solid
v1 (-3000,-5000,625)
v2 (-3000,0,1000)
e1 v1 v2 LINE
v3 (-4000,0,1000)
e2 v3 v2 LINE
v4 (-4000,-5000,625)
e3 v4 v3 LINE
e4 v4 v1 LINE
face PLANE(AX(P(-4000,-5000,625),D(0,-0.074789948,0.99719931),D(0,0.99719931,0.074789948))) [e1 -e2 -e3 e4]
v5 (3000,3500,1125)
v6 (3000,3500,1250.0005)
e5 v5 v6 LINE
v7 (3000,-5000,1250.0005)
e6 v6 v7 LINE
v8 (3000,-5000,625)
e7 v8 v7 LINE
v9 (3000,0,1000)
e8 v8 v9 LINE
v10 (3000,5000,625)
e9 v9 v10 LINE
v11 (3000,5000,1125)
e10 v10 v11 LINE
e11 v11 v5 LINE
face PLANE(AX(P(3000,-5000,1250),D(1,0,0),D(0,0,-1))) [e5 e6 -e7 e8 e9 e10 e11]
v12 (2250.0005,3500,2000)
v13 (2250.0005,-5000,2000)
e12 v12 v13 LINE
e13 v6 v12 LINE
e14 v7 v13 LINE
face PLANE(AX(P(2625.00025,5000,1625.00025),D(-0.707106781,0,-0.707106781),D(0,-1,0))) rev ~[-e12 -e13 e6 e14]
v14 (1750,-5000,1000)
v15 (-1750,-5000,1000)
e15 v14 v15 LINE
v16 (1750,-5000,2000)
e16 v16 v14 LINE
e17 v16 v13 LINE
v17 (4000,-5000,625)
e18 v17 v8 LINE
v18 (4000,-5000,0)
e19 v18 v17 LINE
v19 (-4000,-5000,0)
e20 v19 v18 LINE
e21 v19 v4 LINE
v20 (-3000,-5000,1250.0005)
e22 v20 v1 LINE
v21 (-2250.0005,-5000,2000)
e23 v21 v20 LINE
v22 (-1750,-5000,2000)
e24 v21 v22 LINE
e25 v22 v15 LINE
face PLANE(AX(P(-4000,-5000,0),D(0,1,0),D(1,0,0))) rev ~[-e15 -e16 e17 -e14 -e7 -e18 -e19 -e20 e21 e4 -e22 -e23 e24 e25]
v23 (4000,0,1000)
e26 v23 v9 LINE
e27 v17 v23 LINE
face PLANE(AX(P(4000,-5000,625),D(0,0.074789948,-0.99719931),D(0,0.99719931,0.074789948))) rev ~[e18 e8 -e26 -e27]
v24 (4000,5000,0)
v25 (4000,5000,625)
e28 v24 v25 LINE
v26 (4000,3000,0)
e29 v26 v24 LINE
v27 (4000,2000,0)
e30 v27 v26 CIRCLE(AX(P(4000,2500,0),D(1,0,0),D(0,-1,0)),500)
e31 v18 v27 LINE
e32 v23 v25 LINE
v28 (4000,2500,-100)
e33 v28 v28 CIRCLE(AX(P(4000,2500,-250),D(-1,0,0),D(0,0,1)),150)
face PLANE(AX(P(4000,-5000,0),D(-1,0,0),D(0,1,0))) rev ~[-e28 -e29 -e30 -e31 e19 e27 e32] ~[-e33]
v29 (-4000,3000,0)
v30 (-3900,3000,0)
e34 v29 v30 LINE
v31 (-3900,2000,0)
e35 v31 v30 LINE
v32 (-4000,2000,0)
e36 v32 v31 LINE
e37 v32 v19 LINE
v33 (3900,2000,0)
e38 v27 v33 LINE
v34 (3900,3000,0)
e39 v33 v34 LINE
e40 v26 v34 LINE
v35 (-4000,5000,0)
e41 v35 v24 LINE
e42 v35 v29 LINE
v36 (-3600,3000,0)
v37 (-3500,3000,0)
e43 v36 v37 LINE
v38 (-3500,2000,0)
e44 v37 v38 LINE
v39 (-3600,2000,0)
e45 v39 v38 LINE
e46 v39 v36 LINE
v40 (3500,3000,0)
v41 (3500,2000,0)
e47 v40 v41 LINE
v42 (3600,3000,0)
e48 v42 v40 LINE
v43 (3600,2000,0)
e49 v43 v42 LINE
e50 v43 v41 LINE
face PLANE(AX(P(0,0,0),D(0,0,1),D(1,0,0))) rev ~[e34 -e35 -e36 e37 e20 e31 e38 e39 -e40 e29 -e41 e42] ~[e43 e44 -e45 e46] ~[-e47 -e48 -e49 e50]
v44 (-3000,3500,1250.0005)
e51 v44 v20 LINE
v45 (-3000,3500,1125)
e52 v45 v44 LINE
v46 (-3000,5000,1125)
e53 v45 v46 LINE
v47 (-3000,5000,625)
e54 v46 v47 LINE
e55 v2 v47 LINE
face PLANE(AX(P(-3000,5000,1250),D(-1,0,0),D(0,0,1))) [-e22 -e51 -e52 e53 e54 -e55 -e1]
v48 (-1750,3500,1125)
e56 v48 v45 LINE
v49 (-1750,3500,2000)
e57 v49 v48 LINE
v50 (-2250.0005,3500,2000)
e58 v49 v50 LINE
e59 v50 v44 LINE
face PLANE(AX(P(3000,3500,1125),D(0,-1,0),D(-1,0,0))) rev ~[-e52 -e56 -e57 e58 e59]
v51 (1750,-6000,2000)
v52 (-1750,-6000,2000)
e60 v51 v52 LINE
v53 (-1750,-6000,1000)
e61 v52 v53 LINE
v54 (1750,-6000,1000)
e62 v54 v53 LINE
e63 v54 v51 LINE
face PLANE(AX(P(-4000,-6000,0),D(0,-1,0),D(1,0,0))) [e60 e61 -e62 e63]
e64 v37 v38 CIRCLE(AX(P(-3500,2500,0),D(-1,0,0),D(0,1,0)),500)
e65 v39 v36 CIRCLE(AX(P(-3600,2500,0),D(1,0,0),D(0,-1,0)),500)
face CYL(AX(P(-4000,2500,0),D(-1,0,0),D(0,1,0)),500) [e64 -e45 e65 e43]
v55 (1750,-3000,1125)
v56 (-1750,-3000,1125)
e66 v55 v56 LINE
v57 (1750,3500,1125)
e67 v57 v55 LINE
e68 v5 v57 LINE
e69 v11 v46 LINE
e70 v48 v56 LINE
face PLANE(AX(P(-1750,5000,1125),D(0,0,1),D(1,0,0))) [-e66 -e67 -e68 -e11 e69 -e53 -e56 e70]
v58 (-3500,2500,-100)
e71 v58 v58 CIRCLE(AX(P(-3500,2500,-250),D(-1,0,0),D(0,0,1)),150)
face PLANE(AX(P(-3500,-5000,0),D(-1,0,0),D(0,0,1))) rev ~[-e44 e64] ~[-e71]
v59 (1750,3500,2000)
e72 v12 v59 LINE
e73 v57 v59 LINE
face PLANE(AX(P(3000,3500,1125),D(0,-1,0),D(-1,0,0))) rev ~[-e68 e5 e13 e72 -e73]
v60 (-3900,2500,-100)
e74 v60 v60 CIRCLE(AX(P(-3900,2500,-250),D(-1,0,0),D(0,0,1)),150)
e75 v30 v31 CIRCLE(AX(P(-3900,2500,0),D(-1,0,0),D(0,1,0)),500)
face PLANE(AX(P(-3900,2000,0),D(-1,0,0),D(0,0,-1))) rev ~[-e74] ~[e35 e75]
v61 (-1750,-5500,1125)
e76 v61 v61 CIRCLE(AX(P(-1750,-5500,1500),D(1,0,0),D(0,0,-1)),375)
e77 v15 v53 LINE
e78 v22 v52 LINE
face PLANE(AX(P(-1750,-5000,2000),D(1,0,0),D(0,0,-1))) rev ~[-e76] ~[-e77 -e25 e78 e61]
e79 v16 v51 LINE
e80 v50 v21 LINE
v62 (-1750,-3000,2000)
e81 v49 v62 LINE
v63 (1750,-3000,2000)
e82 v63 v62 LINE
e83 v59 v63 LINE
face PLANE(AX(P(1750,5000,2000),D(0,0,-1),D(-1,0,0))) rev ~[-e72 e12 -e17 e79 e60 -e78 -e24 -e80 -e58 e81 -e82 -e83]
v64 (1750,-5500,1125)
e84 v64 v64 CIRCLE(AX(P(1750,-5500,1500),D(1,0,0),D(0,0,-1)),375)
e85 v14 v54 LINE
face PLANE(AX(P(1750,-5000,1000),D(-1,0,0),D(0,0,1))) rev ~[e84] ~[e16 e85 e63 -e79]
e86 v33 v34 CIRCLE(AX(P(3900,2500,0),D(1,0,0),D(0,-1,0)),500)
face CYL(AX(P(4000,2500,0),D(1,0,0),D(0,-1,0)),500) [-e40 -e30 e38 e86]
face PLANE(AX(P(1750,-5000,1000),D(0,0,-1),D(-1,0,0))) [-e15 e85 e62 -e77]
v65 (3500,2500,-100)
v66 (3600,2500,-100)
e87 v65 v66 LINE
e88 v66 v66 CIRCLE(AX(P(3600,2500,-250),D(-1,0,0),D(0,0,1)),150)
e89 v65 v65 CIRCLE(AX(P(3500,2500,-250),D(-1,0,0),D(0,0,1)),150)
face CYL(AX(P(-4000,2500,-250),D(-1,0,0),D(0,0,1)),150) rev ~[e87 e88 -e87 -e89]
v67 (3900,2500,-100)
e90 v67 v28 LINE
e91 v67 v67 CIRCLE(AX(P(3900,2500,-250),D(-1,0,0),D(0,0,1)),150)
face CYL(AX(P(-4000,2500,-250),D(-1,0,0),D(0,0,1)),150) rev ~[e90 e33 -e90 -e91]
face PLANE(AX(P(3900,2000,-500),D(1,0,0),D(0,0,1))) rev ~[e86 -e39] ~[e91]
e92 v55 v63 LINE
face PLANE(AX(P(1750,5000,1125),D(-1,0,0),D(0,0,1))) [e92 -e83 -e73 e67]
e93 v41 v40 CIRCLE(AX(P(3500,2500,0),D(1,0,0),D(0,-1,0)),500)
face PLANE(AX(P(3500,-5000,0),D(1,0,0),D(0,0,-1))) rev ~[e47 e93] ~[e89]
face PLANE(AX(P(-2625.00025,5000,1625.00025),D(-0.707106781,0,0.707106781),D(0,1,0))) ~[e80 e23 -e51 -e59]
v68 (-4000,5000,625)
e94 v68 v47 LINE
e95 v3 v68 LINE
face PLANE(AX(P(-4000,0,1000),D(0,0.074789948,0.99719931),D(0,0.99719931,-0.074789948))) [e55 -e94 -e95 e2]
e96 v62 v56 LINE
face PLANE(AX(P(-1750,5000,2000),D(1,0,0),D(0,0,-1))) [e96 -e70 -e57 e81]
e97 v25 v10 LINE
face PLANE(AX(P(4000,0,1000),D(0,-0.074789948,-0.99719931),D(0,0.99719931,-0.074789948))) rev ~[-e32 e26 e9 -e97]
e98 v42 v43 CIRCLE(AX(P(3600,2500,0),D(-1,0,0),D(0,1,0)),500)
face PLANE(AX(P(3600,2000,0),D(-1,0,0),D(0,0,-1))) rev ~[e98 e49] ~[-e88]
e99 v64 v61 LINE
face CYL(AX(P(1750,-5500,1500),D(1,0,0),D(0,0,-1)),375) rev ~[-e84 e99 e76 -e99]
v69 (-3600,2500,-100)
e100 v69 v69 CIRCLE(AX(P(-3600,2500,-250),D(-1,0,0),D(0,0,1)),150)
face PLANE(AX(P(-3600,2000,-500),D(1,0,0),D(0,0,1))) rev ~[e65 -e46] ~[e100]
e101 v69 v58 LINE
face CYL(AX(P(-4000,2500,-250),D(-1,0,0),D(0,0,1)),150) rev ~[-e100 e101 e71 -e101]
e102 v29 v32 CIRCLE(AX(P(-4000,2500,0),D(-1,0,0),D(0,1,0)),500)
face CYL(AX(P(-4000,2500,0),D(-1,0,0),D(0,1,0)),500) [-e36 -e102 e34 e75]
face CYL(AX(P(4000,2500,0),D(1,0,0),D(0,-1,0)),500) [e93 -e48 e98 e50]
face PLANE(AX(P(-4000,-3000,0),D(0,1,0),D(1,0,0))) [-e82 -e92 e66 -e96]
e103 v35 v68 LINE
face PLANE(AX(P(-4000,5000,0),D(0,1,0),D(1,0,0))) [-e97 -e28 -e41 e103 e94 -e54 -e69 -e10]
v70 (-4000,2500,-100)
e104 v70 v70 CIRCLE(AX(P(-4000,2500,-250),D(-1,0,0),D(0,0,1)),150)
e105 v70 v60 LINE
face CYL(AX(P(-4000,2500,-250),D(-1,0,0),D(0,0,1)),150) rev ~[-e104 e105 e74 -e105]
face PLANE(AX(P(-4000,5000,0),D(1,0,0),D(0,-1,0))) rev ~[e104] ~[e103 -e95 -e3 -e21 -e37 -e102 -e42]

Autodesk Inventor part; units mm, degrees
ref_plane "YZ Plane" through (0, 0, 0) normal (1, 0, 0) x (0, 1, 0)
sketch "Skizze1" plane through (0, 0, 0) normal (0, 0, 1) x (1, 0, 0)
  line L0 (-5600, 0) -> (5600, 0) construction
  line L1 (0, -7000) -> (0, 7000) construction
  line L2 (-4000, -5000) -> (4000, -5000)
  line L3 (4000, -5000) -> (4000, 5000)
  line L4 (4000, 5000) -> (-4000, 5000)
  line L5 (-4000, 5000) -> (-4000, -5000)
  line L6 (-4000, -5000) -> (4000, 5000) construction
  line L7 (4000, -5000) -> (-4000, 5000) construction
  point P0 (0, 0)
  dimension "d0" = 8000
  dimension "d1" = 10000
extrude "Extrusion1" add sketch "Skizze1" along normal blind 2000
sketch "Skizze2" plane through (-4000, 5000, 0) normal (0, 1, 0) x (1, 0, 0)
  line L0 (0, 0) -> (0, -1250)
  line L1 (0, -1250) -> (0, 0)
  line L2 (0, -1250) -> (1000, -1250)
  line L3 (8000, 0) -> (8000, -2000) construction
  line L4 (0, 0) -> (0, -2000) projected
  line L5 (1000, -1250) -> (1000, -2000)
  line L6 (8000, -2000) -> (0, -2000) construction
  line L7 (1000, -2000) -> (4000, -2000)
  line L8 (8000, 0) -> (8000, -1250)
  line L9 (8000, -1250) -> (7000, -1250)
  line L10 (7000, -1250) -> (7000, -2000)
  line L11 (8000, 0) -> (0, 0) projected
  line L12 (8000, 0) -> (0, 0)
  line L13 (7000, -2000) -> (4000, -2000)
  line L14 (0, -1250) -> (0, -2000)
  line L15 (0, -2000) -> (1000, -2000)
  line L16 (8000, -1250) -> (8000, -2000)
  line L17 (7000, -2000) -> (8000, -2000)
  line L18 (8000, -2000) -> (8000, -1250)
  point P0 (4000, 0)
  dimension "d4" = 750
  dimension "d5" = 1250
  dimension "d7" = 1000
extrude "Extrusion2" cut sketch "Skizze2" against normal through all contours L2 L5 L15 L4 | L16 L17 L10 L9
chamfer "Fase1" distance 750 angle 45 2 edges at (-3000, 0, 2000) (3000, 0, 2000)
sketch "Skizze3" plane through (4000, -5000, 0) normal (1, 0, 0) x (0, 0, -1)
  line L0 (0, 10000) -> (0, 8000)
  arc A0 (0, 7000) -> (0, 8000) centre (0, 7500) ccw
  line L1 (0, 7000) -> (0, 0)
  line L2 (0, 8000) -> (0, 7000)
  line L3 (0, 0) -> (0, 10000) projected
  point P0 (0, 5000)
  dimension "d16" = 2000
  dimension "d17" = 7000
extrude "Extrusion3" add sketch "Skizze3" against normal blind 500
sketch "Skizze4" plane through (0, 0, 0) normal (0, 0, -1) x (-1, 0, 0)
  point P0 (0, 0)
sketch "Skizze5" plane through (-4000, -5000, 0) normal (-1, 0, 0) x (0, 0, 1)
  line L0 (0, 8000) -> (0, 7000) projected
  arc A0 (0, 8000) -> (0, 7000) centre (0, 7500) ccw
  line L1 (0, 7000) -> (0, 8000)
  point P0 (0, 5000)
extrude "Extrusion4" add sketch "Skizze5" against normal blind 500
ref_plane "Arbeitsebene1" through (4000, 2000, 0) normal (0, 1, 0) x (1, 0, 0)
sketch "Skizze6" plane through (4000, 2000, 0) normal (0, 1, 0) x (1, 0, 0)
  line L0 (-100, 0) -> (-400, 0)
  line L1 (0, 0) -> (0, -1250) projected
  line L2 (-7900, 0) -> (-7600, 0)
  line L3 (0, 500) -> (-500, 500) projected
  line L4 (-100, 0) -> (-400, 0)
  line L5 (-400, 0) -> (-400, 500)
  line L6 (-400, 500) -> (-100, 500)
  line L7 (-100, 500) -> (-100, 0)
  line L8 (-8000, 500) -> (-7500, 500) construction
  line L9 (-7600, 0) -> (-7900, 0)
  line L10 (-7900, 0) -> (-7900, 500)
  line L11 (-7900, 500) -> (-7600, 500)
  line L12 (-7600, 500) -> (-7600, 0)
  point P0 (-4000, 0)
  point P1 (-8000, 0)
  dimension "d22" = 300
  dimension "d23" = 100
  dimension "d25" = 300
extrude "Extrusion5" cut sketch "Skizze6" along normal through all
sketch "Skizze7" plane through (0, 0, 2000) normal (0, 0, 1) x (1, 0, 0)
  line L0 (-2250, -5000) -> (2250, -5000) construction
  line L1 (-1750, 5000) -> (1750, 5000)
  line L2 (1750, 5000) -> (1750, -5000)
  line L3 (1750, -5000) -> (-1750, -5000)
  line L4 (-1750, -5000) -> (-1750, 5000)
  line L5 (-1750, 5000) -> (1750, -5000) construction
  line L6 (1750, 5000) -> (-1750, -5000) construction
  point P0 (0, 0)
  dimension "d28" = 3500
extrude "Extrusion6" cut sketch "Skizze7" against normal blind 1000
sketch "Skizze8" plane through (-4000, -5000, 1250) normal (-1, 0, 0) x (0, 0, 1)
  line L0 (-1250, 0) -> (0, 0) projected
  line L1 (-625, 0) -> (-250, 5000)
  line L2 (-250, 10000) -> (-250, 0) projected
  line L3 (-250, 5000) -> (-625, 10000)
  line L4 (-1250, 10000) -> (0, 10000) projected
  line L5 (-1250, 7000) -> (-1250, 0) construction
  line L6 (0, 10000) -> (0, 0) projected
  line L7 (-1250, 0) -> (0, 0)
  line L8 (750, 10000) -> (0, 10000) construction
  line L9 (0, 0) -> (0, 10000)
  line L10 (0, 10000) -> (-1250, 10000)
  line L11 (-250, 0) -> (-250, 10000)
  point P0 (-1250, 5000)
extrude "Extrusion7" cut sketch "Skizze8" against normal blind 1000 contours L1 L2 L0 | L3 L4 L2
sketch "Skizze9" plane through (-4000, -5000, 1250) normal (-1, 0, 0) x (0, 0, 1)
  line L0 (0, 0) -> (0, 10000) projected
  line L1 (-250, 0) -> (0, 0)
  line L2 (0, 0) -> (0, 10000)
  line L3 (0, 10000) -> (-250, 10000)
  line L4 (-250, 10000) -> (-250, 0)
  point P0 (-1250, 5000)
extrude "Extrusion8" cut sketch "Skizze9" against normal blind 1000
sketch "Skizze10" plane through (4000, -5000, 1250) normal (1, 0, 0) x (0, 0, -1)
  line L0 (250, 5000) -> (625, 10000) projected
  line L1 (625, 0) -> (250, 5000) projected
  line L2 (625, 10000) -> (250, 5000)
  line L3 (250, 5000) -> (625, 0)
  line L4 (1250, 0) -> (0, 0) construction
  line L5 (625, 10000) -> (1250, 10000)
  line L6 (1250, 10000) -> (0, 10000) projected
  line L7 (625, 10000) -> (0, 10000)
  line L8 (0, 10000) -> (0, 0) projected
  line L9 (0, 10000) -> (0, 0)
  line L10 (0, 0) -> (625, 0)
  point P0 (1250, 5000)
extrude "Extrusion9" cut sketch "Skizze10" against normal blind 1000
sketch "Skizze11" plane through (-4000, -5000, 0) normal (-1, 0, 0) x (0, 0, 1)
  circle A0 centre (-250, 7500) radius 150
  point P0 (0, 5000)
  dimension "d37" = 300
extrude "Extrusion10" cut sketch "Skizze11" against normal through all
sketch "Skizze12" plane through (-4000, -5000, 0) normal (0, -1, 0) x (1, 0, 0)
  line L0 (5750, 1000) -> (5750, 2000) projected
  line L1 (5750, 1000) -> (2250, 1000) projected
  line L2 (5750, 2000) -> (2250, 2000)
  line L3 (2250, 2000) -> (2250, 1000)
  line L4 (2250, 1000) -> (5750, 1000)
  line L5 (5750, 1000) -> (5750, 2000)
  point P0 (4000, 0)
extrude "Extrusion11" add sketch "Skizze12" along normal blind 1000
sketch "Skizze13" plane through (-4000, 5000, 0) normal (0, 1, 0) x (1, 0, 0)
  line L0 (5750, -2000) -> (2250, -2000) projected
  line L1 (2250, -1000) -> (5750, -1000) projected
  line L2 (2250, -2000) -> (5750, -2000)
  line L3 (5750, -2000) -> (5750, -1000)
  line L4 (5750, -1000) -> (2250, -1000)
  line L5 (2250, -1000) -> (2250, -2000)
  point P0 (4000, 0)
extrude "Extrusion12" add sketch "Skizze13" against normal blind 10000
sketch "Skizze14" plane through (1750, -5000, 2000) normal (1, 0, 0) x (0, 0, -1)
  line L0 (1000, -1000) -> (0, -1000) construction
  line L1 (0, 0) -> (0, -1000) construction
  circle A0 centre (500, -500) radius 375
  point P0 (2000, 5000)
  dimension "d44" = 750
extrude "Extrusion13" cut sketch "Skizze14" against normal blind 10000
sketch "Skizze15" plane through (4000, -5000, 0) normal (1, 0, 0) x (0, 0, -1)
  point P0 (0, 5000)
sketch "Skizze16" plane through (4000, -5000, 0) normal (1, 0, 0) x (0, 0, -1)
  point P0 (0, 5000)
sketch "Skizze17" plane through (-4000, 5000, 0) normal (0, 1, 0) x (1, 0, 0)
  line L0 (5750, -1125) -> (2250, -1125) projected
  line L1 (5750, -1000) -> (5750, -2000) projected
  line L2 (2250, -1125) -> (5750, -1125)
  line L3 (5750, -1125) -> (5750, -2000)
  line L4 (5750, -2000) -> (2250, -2000)
  line L5 (2250, -2000) -> (2250, -1125)
  point P0 (4000, 0)
extrude "Extrusion14" cut sketch "Skizze17" against normal blind 8000
ref_plane "Arbeitsebene2" through (2000, 5000, 2000) normal (0, 0, 1) x (1, 0, 0)
sketch "Skizze18" plane through (-1750, 5000, 1125) normal (0, 0, 1) x (1, 0, 0)
  line L0 (4750, 0) -> (4750, -10000) projected
  line L1 (-1250, 0) -> (4750, 0)
  line L2 (4750, 0) -> (4750, -1500)
  line L3 (4750, -1500) -> (-1250, -1500)
  line L4 (-1250, -1500) -> (-1250, 0)
  line L5 (-500, 0) -> (-1250, 0) projected
  line L6 (-1250, 0) -> (4750, 0)
  line L7 (4750, 0) -> (4750, -1500)
  line L8 (4750, -1500) -> (-1250, -1500)
  line L9 (-1250, -1500) -> (-1250, 0)
  point P0 (1750, -5000)
  dimension "d49" = 1500
extrude "Extrusion15" cut sketch "Skizze18" along normal blind 2000
properties part number "Hebeteil" material "Acetalharz, Weiß"
